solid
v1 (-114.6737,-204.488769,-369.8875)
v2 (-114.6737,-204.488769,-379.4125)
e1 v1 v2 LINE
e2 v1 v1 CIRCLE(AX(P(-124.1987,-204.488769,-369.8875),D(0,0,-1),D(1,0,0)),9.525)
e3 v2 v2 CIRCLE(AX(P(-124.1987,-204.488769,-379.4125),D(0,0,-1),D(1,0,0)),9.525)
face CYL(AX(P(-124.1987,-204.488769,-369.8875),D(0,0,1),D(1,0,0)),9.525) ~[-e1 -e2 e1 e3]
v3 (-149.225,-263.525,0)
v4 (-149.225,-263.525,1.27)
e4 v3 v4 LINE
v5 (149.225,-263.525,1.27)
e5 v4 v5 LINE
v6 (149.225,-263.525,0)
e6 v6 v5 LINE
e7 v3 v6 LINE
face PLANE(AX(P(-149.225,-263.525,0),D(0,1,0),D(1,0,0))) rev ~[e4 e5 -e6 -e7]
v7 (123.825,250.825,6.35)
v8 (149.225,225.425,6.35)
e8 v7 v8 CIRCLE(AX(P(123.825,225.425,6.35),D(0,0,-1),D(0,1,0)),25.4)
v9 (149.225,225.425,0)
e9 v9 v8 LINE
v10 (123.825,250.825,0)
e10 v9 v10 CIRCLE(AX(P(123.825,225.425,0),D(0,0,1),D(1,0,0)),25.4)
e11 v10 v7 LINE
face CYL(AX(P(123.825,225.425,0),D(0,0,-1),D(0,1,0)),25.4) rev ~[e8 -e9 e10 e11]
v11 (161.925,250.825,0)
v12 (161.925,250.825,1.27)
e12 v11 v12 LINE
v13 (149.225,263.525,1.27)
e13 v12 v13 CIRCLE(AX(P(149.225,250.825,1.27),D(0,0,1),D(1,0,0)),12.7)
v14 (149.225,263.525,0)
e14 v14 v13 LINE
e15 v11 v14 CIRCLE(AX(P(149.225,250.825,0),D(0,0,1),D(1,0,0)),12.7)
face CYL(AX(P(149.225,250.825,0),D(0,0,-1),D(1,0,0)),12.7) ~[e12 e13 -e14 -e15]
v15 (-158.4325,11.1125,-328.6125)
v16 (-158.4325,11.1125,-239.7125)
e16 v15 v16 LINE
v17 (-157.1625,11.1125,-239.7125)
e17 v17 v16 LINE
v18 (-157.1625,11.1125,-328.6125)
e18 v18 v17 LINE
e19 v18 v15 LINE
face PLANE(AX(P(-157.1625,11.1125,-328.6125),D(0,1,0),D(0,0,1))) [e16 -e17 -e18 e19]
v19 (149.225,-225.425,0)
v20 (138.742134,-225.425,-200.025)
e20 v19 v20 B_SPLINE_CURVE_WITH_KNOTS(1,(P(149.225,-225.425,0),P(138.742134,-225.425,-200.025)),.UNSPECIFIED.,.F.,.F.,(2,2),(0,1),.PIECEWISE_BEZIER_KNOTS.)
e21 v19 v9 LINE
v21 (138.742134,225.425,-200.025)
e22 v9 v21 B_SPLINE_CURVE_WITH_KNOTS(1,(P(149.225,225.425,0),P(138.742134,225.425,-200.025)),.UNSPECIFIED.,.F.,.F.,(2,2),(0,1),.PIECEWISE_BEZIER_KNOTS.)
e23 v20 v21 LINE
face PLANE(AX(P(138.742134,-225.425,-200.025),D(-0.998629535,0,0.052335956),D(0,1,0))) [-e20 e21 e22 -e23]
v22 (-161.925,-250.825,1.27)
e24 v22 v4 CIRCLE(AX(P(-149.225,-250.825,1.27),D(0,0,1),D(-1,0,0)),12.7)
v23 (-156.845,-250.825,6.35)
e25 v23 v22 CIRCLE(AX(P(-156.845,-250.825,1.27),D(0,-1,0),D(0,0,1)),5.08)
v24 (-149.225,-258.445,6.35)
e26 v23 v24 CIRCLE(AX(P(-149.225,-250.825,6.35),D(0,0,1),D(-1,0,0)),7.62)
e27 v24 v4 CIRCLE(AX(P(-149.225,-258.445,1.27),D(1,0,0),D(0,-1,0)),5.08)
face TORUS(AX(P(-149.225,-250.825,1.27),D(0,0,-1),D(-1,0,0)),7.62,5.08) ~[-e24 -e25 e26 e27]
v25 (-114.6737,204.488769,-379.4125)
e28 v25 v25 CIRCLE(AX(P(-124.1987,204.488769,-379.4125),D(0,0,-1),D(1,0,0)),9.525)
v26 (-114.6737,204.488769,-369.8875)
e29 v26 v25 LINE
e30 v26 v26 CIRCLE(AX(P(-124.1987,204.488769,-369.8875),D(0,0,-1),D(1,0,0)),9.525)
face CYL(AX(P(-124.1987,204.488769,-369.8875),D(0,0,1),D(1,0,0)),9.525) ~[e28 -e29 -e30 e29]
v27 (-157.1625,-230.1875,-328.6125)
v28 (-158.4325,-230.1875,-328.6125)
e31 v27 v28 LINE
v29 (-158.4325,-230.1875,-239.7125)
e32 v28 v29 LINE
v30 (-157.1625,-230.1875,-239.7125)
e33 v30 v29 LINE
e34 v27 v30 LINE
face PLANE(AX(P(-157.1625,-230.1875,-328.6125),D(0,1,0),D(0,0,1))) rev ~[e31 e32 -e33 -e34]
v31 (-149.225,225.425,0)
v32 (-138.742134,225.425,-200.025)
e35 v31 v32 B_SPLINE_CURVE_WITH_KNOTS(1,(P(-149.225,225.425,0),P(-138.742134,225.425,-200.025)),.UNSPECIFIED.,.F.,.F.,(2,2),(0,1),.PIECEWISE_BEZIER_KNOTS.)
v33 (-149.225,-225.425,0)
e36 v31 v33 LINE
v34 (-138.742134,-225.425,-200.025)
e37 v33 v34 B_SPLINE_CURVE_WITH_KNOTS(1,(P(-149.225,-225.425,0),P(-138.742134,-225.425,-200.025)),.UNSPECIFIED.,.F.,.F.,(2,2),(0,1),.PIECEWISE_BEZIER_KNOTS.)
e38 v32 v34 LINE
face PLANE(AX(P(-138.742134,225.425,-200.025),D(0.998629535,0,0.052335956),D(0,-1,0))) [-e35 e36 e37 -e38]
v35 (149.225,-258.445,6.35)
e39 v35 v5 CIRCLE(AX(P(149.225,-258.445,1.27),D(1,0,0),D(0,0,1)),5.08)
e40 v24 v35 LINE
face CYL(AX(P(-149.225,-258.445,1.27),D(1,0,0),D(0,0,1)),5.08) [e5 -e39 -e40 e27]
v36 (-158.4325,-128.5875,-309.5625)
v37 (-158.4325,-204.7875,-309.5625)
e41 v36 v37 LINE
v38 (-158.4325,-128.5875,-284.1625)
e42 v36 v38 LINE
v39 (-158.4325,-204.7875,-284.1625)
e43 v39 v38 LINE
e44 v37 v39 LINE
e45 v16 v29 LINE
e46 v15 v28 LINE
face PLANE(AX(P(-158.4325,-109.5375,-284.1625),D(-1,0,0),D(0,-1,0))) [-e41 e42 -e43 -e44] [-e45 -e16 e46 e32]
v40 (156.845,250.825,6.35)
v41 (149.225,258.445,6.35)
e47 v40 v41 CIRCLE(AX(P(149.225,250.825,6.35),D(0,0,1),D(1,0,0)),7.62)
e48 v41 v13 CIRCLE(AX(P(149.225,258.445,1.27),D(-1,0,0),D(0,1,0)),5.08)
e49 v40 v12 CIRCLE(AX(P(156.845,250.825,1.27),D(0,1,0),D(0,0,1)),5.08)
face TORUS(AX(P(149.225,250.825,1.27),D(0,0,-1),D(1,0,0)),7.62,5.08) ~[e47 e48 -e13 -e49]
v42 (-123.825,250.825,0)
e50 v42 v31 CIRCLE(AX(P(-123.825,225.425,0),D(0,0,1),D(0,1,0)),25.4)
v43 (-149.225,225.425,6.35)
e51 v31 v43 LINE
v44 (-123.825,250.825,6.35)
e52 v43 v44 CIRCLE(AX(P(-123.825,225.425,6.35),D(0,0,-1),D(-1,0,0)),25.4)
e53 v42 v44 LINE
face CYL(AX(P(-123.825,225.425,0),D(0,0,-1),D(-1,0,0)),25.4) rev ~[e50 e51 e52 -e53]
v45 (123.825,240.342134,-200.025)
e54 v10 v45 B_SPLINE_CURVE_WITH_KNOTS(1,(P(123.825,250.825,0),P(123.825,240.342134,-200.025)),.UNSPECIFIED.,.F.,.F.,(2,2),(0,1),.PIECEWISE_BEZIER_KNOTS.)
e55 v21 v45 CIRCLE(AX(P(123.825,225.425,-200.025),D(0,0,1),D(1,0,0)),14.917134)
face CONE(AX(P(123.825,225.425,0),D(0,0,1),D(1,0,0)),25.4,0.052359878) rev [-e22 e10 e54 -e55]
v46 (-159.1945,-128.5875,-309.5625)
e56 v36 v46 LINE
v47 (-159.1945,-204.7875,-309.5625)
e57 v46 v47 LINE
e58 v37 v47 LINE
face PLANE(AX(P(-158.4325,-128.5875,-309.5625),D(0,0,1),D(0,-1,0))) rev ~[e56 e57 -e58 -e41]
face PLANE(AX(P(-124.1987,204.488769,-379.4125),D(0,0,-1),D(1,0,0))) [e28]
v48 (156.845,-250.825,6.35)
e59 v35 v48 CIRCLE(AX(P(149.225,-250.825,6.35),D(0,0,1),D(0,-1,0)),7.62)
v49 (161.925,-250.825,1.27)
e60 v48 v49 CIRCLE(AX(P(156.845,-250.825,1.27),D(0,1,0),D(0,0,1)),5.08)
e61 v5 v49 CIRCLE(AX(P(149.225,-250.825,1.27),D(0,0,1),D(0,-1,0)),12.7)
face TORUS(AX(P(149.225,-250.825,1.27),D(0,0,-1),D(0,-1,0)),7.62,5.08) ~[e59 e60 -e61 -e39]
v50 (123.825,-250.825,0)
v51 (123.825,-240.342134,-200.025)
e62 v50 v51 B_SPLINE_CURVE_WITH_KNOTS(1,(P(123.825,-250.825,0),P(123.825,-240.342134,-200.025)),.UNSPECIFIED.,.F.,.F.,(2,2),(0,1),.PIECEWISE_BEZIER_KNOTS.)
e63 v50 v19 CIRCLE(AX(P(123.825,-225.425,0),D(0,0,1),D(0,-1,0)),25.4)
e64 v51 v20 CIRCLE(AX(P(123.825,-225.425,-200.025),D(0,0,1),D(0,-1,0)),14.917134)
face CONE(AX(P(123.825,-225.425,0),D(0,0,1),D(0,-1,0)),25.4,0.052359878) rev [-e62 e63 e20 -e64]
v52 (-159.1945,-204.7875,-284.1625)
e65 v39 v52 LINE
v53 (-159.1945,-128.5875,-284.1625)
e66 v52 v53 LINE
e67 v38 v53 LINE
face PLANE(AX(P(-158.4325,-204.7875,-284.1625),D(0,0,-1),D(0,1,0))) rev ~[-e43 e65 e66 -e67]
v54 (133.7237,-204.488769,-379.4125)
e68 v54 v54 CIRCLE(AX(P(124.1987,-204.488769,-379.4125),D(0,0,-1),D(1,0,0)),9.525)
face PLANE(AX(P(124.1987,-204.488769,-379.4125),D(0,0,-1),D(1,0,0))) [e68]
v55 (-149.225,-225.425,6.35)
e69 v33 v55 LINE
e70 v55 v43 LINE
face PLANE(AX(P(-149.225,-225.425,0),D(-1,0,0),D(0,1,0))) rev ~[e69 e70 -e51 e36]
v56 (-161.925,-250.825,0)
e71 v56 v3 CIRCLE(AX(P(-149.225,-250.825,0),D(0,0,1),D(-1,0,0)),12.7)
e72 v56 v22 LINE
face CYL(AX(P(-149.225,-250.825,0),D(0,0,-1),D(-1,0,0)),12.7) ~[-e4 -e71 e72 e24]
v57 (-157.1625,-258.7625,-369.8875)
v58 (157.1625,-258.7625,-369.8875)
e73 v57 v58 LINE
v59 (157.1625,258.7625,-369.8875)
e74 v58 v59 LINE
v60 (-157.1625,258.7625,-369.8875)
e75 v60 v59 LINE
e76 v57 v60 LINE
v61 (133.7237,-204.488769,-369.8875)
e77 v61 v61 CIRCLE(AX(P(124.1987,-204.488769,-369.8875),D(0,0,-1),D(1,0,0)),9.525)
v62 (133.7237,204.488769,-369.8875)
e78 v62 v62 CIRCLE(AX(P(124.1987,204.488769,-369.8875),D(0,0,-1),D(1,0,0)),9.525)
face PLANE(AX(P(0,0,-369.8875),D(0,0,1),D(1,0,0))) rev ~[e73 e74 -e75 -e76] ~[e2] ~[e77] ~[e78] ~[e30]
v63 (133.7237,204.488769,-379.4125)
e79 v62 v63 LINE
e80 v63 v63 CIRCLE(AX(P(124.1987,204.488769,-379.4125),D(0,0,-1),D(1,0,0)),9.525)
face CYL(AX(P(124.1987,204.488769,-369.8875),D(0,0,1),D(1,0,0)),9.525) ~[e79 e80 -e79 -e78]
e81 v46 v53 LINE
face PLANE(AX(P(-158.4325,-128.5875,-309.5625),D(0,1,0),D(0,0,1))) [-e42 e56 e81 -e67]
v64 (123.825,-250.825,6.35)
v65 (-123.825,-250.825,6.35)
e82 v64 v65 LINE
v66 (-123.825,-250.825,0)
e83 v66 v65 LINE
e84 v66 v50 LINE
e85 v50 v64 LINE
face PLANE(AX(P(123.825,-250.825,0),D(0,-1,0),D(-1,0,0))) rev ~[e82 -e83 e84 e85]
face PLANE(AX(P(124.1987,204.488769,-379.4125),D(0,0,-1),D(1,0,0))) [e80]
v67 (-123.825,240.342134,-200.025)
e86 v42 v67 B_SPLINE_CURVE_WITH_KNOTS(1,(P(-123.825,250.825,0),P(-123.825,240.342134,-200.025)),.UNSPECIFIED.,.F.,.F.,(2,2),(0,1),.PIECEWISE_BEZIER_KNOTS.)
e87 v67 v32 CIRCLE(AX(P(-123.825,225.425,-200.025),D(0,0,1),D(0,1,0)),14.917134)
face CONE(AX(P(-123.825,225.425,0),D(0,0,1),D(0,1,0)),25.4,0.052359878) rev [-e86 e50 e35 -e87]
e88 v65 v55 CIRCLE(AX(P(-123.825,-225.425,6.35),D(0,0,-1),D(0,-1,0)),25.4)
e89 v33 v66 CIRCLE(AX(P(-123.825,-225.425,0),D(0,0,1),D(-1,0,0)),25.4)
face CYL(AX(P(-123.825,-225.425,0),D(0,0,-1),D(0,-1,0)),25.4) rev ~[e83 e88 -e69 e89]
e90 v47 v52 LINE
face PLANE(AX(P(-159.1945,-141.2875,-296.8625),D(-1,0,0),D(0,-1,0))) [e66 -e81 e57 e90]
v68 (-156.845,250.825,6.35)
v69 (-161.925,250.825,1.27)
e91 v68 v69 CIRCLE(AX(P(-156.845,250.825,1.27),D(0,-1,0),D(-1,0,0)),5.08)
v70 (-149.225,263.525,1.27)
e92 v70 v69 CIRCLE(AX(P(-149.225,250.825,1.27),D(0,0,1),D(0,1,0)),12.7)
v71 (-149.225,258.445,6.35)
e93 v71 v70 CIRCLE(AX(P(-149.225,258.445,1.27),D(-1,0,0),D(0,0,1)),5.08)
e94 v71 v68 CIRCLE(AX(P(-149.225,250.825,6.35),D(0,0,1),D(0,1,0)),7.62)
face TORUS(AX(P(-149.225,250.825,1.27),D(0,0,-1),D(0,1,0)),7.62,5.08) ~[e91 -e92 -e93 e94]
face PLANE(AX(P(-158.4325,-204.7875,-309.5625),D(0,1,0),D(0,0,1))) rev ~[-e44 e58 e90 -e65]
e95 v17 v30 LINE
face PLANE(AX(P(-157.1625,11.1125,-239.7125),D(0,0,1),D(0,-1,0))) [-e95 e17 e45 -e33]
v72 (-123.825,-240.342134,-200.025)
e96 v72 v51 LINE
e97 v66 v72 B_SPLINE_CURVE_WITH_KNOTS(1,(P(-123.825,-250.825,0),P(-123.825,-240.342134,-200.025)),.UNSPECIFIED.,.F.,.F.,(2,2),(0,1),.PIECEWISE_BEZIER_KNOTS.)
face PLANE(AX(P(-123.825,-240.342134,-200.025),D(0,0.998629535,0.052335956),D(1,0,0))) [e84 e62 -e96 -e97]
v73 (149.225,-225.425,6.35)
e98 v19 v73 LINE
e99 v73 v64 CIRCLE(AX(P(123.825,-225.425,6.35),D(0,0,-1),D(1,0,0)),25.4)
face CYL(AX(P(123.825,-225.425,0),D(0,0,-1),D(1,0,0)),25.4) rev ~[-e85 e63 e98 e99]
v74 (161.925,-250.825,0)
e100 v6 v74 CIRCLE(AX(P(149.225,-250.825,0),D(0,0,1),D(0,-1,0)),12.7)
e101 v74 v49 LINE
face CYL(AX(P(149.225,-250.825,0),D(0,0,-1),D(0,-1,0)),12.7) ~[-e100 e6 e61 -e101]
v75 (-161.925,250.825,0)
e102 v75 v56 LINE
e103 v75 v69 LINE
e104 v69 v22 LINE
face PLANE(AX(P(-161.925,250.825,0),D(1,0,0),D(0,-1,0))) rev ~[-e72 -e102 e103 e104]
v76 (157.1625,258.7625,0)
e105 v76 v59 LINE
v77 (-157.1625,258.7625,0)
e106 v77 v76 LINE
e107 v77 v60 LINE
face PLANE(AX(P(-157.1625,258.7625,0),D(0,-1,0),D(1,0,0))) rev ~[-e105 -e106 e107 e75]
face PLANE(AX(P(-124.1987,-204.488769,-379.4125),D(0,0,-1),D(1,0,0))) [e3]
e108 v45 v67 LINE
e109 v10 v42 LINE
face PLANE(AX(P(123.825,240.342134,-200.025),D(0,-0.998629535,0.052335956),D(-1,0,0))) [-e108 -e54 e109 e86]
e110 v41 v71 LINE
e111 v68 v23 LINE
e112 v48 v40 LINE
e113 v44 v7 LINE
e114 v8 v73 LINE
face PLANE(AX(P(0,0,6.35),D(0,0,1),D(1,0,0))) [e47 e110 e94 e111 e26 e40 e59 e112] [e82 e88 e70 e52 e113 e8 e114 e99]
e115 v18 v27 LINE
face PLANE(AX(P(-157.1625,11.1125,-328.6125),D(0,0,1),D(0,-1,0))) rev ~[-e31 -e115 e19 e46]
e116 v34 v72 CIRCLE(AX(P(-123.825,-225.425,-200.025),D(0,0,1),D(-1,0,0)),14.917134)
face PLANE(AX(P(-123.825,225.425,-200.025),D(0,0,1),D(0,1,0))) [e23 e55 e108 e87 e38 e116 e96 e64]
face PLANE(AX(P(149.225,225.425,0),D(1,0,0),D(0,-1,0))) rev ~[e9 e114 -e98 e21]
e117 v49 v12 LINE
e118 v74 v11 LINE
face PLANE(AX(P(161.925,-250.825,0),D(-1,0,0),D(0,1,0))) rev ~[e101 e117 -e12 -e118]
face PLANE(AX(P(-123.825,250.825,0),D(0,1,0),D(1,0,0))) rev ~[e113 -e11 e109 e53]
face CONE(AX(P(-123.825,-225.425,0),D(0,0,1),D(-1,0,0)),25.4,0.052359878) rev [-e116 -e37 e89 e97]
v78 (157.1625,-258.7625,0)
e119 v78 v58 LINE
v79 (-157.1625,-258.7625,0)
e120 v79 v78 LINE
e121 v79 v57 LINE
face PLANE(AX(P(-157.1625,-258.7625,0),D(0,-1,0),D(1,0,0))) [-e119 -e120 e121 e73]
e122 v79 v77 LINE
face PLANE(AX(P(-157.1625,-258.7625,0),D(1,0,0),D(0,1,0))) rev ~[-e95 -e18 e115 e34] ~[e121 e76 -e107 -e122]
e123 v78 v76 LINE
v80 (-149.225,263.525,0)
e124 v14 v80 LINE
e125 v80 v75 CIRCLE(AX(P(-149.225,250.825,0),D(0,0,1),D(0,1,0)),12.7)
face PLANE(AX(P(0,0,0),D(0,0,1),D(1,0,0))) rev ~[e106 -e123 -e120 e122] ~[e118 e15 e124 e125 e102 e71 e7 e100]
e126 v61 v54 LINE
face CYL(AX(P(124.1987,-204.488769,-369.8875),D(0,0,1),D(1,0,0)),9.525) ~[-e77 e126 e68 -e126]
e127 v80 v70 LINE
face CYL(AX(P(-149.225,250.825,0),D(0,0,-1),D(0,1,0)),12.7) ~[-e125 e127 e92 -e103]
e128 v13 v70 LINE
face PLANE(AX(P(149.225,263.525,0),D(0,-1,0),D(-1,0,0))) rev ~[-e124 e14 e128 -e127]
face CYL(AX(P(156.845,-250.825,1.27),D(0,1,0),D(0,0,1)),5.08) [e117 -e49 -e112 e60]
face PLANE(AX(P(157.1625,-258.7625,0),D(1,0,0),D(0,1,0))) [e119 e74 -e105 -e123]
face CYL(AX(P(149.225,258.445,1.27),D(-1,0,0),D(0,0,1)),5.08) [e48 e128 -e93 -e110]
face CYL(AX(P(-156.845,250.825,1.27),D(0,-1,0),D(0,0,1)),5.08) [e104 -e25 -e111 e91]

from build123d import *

# Parameters (mm, degrees)
F0_W      = 314.325
F0_H      = 517.525
F1_DEPTH  = 369.8875
F3_DEPTH  = 200.025
F3_TAPER  = 3
F4_R      = 9.525
F5_DEPTH  = 9.525
F7_DEPTH  = 6.35
F8_R      = 5.08
F9_W      = 241.3
F9_H      = 88.9
F10_DEPTH = 1.27
F11_W     = 25.4
F11_H     = 25.4
F11_W_2   = 12.7
F12_DEPTH = 0.762


with BuildPart() as f1:
    # F0 (on Top) → F1 (new body)
    with BuildSketch(Plane.XY):
        Rectangle(F0_W, F0_H)
    extrude(amount=-F1_DEPTH)

    # F2 (on face) → F3 (cut)
    with BuildSketch(Plane.XY):
        with BuildLine():
            Line((123.825, 250.825), (-123.825, 250.825))
            ThreePointArc((-123.825, 250.825), (-141.7855122421, 243.3855122421), (-149.225, 225.425))
            Line((-149.225, 225.425), (-149.225, -225.425))
            ThreePointArc((-149.225, -225.425), (-141.7855122421, -243.3855122421), (-123.825, -250.825))
            Line((-123.825, -250.825), (123.825, -250.825))
            ThreePointArc((123.825, -250.825), (141.7855122421, -243.3855122421), (149.225, -225.425))
            Line((149.225, -225.425), (149.225, 225.425))
            ThreePointArc((149.225, 225.425), (141.7855122421, 243.3855122421), (123.825, 250.825))
        make_face()
    extrude(amount=-F3_DEPTH, taper=F3_TAPER, mode=Mode.SUBTRACT)

    # F4 (on face) → F5 (join)
    with BuildSketch(Plane(origin=(0, 0, -369.8875), x_dir=(1, 0, 0), z_dir=(0, 0, -1))):
        with Locations((-124.1987000862, 204.4887688288)):
            Circle(F4_R)
        with Locations((124.1987000862, 204.4887688288)):
            Circle(F4_R)
        with Locations((124.1987000862, -204.4887688288)):
            Circle(F4_R)
        with Locations((-124.1987000862, -204.4887688288)):
            Circle(F4_R)
    extrude(amount=F5_DEPTH)

    # F6 (on face) → F7 (join)
    with BuildSketch(Plane.XY):
        with BuildLine():
            Line((149.225, 263.525), (-149.225, 263.525))
            ThreePointArc((-149.225, 263.525), (-158.2052561211, 259.8052561211), (-161.925, 250.825))
            Line((-161.925, 250.825), (-161.925, -250.825))
            ThreePointArc((-161.925, -250.825), (-158.2052561211, -259.8052561211), (-149.225, -263.525))
            Line((-149.225, -263.525), (149.225, -263.525))
            ThreePointArc((149.225, -263.525), (158.2052561211, -259.8052561211), (161.925, -250.825))
            Line((161.925, -250.825), (161.925, 250.825))
            ThreePointArc((161.925, 250.825), (158.2052561211, 259.8052561211), (149.225, 263.525))
        make_face()
        with BuildLine():
            ThreePointArc((-149.225, 225.425), (-141.7855122421, 243.3855122421), (-123.825, 250.825))
            Line((-123.825, 250.825), (123.825, 250.825))
            ThreePointArc((123.825, 250.825), (141.7855122421, 243.3855122421), (149.225, 225.425))
            Line((149.225, 225.425), (149.225, -225.425))
            ThreePointArc((149.225, -225.425), (141.7855122421, -243.3855122421), (123.825, -250.825))
            Line((123.825, -250.825), (-123.825, -250.825))
            ThreePointArc((-123.825, -250.825), (-141.7855122421, -243.3855122421), (-149.225, -225.425))
            Line((-149.225, -225.425), (-149.225, 225.425))
        make_face(mode=Mode.SUBTRACT)
    extrude(amount=F7_DEPTH)

    # F8
    f8_edges = [f1.edges().sort_by_distance(p)[0] for p in [
        (161.925, 0, 6.35),
    ]]
    fillet(f8_edges, radius=F8_R)

    # F9 (on face) → F10 (join)
    with BuildSketch(Plane(origin=(-157.1625, 0, 0), x_dir=(0, -1, 0), z_dir=(-1, 0, 0))):
        with Locations((109.5375, -284.1625)):
            Rectangle(F9_W, F9_H)
    extrude(amount=F10_DEPTH)

    # F11 (on face) → F12 (join)
    with BuildSketch(Plane(origin=(-158.4325, 0, 0), x_dir=(0, -1, 0), z_dir=(-1, 0, 0))):
        with Locations((141.2875, -296.8625)):
            Rectangle(F11_W, F11_H)
        with Locations((160.3375, -296.8625)):
            Rectangle(F11_W_2, F11_H)
        with Locations((173.0375, -296.8625)):
            Rectangle(F11_W_2, F11_H)
        with Locations((192.0875, -296.8625)):
            Rectangle(F11_W, F11_H)
    extrude(amount=F12_DEPTH)


solid = f1.part
